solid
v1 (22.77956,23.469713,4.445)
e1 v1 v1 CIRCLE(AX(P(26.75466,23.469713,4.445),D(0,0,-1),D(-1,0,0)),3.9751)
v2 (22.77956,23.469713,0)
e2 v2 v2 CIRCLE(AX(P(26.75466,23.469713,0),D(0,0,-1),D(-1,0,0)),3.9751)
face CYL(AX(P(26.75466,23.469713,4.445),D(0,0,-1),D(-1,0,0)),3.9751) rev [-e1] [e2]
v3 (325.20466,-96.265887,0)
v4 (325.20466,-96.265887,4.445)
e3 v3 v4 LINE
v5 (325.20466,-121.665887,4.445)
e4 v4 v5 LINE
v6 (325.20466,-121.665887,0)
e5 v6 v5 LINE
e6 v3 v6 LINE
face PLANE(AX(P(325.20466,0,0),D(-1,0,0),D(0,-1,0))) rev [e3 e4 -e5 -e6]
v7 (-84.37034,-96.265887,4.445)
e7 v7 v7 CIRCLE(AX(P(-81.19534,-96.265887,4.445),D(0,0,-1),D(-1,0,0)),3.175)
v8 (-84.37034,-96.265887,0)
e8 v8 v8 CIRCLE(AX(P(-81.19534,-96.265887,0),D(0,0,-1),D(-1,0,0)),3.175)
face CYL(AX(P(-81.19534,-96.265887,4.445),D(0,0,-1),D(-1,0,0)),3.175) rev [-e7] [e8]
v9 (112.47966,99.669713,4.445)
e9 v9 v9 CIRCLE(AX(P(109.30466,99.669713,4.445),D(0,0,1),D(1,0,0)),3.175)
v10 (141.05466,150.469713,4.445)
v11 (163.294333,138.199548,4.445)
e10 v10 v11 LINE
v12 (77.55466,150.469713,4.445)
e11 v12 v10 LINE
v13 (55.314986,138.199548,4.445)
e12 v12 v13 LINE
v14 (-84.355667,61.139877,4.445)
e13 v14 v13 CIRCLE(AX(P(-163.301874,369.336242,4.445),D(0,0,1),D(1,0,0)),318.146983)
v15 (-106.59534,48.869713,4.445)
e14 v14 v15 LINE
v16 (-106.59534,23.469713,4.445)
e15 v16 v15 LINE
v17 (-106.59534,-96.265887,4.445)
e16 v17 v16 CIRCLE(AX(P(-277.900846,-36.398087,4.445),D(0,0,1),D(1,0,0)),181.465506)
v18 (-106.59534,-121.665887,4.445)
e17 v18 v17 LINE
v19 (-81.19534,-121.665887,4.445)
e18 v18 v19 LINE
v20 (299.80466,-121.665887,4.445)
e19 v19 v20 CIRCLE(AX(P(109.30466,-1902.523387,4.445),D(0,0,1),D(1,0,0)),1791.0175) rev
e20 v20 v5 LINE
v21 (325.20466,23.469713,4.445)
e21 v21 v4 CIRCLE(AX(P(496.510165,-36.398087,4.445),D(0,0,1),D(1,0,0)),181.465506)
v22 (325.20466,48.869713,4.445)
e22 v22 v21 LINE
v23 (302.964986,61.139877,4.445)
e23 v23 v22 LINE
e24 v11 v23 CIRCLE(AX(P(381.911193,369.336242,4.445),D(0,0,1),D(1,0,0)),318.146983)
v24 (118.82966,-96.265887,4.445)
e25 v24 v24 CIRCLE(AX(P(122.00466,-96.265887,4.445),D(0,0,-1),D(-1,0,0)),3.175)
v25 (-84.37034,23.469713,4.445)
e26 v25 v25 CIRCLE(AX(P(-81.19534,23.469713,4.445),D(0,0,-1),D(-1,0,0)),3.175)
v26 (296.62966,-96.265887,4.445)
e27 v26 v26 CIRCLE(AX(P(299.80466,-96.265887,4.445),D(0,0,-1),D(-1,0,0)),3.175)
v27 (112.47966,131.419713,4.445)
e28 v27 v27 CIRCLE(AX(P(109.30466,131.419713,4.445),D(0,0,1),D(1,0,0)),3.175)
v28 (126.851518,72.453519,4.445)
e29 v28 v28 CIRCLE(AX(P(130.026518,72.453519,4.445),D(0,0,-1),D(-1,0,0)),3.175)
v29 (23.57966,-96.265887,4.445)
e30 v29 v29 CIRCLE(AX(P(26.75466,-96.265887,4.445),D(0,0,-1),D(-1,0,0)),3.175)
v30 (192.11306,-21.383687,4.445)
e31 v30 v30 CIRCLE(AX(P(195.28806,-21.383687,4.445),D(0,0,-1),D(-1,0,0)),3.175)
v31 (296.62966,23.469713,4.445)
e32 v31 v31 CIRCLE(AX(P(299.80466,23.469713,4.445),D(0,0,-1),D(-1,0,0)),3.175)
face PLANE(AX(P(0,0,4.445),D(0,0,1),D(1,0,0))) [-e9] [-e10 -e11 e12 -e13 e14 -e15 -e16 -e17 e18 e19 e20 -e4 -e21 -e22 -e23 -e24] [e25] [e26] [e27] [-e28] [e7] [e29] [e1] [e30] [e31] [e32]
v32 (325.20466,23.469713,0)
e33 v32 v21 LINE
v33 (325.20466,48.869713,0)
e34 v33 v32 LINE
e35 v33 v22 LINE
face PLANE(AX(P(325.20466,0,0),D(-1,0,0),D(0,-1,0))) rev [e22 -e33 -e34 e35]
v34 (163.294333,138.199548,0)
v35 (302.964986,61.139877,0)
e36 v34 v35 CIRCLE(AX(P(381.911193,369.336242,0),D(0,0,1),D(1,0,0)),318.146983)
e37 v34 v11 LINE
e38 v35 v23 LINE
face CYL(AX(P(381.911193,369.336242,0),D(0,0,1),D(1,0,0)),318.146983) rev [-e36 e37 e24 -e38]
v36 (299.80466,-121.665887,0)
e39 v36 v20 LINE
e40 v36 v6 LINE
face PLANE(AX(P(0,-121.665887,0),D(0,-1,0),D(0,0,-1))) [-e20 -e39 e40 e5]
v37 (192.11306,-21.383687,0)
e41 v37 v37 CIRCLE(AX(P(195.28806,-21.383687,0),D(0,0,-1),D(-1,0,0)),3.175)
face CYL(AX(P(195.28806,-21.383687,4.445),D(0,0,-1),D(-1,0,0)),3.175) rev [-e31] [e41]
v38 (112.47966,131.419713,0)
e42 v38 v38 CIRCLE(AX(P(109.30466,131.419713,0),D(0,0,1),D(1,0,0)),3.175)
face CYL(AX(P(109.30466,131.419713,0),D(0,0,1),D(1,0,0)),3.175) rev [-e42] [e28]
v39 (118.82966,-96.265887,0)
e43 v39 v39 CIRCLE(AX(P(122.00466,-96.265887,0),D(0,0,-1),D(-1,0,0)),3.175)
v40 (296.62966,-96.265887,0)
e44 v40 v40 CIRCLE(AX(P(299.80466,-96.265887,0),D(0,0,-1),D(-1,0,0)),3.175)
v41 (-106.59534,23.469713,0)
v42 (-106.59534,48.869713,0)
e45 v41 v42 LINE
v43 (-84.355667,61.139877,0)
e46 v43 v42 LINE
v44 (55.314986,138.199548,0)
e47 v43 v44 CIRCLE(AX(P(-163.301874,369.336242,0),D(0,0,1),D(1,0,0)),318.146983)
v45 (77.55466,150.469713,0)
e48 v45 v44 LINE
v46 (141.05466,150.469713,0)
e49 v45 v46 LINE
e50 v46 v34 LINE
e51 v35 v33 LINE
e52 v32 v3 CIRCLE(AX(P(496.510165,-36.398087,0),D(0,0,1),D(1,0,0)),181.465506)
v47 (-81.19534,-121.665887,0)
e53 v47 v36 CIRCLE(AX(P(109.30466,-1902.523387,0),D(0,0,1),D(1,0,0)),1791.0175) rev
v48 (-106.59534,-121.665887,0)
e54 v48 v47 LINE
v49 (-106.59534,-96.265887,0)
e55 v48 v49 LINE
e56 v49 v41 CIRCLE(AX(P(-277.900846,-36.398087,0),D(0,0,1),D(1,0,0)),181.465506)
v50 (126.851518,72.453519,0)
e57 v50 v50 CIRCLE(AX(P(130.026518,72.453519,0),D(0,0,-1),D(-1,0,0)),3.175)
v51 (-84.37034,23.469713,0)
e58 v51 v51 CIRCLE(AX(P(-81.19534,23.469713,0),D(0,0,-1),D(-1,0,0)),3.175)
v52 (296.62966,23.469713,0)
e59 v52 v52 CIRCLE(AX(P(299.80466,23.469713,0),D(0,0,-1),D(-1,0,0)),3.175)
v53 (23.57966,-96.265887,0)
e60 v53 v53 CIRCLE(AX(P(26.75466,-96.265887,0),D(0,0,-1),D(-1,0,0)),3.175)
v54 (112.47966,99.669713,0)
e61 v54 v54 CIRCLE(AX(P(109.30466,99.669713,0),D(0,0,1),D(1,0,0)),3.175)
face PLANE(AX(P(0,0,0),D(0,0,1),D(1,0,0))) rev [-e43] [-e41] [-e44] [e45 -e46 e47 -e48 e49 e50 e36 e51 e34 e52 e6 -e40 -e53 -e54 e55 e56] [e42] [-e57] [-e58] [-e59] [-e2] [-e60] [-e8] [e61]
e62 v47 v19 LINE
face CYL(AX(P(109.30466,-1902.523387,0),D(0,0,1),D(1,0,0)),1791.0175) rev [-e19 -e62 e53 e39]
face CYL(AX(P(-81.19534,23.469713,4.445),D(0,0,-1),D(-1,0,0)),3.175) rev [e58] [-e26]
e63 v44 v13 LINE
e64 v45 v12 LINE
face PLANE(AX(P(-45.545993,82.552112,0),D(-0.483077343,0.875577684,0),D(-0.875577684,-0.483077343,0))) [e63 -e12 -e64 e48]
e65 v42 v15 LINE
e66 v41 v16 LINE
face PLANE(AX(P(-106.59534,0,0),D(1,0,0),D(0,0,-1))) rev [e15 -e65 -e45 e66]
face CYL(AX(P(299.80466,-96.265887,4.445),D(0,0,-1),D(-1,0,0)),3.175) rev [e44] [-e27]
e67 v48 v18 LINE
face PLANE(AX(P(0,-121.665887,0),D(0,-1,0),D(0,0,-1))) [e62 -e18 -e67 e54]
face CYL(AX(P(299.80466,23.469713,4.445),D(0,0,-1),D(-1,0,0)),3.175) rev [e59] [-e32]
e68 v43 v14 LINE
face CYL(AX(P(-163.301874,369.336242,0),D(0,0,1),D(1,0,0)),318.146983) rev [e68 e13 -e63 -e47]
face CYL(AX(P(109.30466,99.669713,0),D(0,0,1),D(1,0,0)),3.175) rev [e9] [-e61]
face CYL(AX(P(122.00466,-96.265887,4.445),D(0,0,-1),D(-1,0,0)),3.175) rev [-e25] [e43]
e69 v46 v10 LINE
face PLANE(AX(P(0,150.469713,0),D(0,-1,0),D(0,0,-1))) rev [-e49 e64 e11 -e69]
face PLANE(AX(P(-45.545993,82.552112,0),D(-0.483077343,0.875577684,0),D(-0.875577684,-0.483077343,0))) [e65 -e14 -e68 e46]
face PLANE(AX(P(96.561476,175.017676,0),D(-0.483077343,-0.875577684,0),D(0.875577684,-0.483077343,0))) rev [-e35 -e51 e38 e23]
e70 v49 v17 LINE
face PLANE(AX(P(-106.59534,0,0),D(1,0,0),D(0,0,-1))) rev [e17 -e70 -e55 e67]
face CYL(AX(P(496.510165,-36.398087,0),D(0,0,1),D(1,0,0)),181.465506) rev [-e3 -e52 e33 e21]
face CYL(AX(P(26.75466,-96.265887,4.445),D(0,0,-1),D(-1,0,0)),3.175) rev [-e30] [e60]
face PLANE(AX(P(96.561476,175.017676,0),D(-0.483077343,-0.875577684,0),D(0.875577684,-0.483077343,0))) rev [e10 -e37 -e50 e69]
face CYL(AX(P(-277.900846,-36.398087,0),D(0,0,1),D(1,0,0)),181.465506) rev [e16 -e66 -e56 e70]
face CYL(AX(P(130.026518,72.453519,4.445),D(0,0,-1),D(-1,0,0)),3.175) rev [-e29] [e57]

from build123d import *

# Parameters (mm, degrees)
SKETCH2_W           = 635
SKETCH2_H           = 635
BOSS_EXTRUDE3_DEPTH = 4.445
SKETCH3_R           = 3.175
SKETCH3_R_2         = 3.9751
CUT_EXTRUDE1_DEPTH  = 514.410627343
SKETCH5_W           = 635
SKETCH5_H           = 635
CUT_EXTRUDE2_DEPTH  = 514.410627343
CUT_EXTRUDE3_DEPTH  = 359.355916807
SKETCH10_R          = 3.175
CUT_EXTRUDE5_DEPTH  = 359.355916807


with BuildPart() as part:
    # Sketch2 → Boss-Extrude3 (new body)
    with BuildSketch(Plane.XY):
        with Locations((84.381748098, -1.971086)):
            Rectangle(SKETCH2_W, SKETCH2_H)
    extrude(amount=BOSS_EXTRUDE3_DEPTH)

    # Sketch3 → Cut-Extrude1 (cut, through all)
    with BuildSketch(Plane(origin=(0, 0, 0), x_dir=(-1, 0, 0), z_dir=(0, 0, -1))):
        with Locations((-130.02651813, 72.45351862)):
            Circle(SKETCH3_R)
        with Locations((-195.288059763, -21.383687133)):
            Circle(SKETCH3_R)
        with Locations((-122.004659563, -96.265887155)):
            Circle(SKETCH3_R)
        with Locations((-26.754659563, -96.265887155)):
            Circle(SKETCH3_R)
        with Locations((-26.754659563, 23.469712845)):
            Circle(SKETCH3_R_2)
        with Locations((81.195340437, -96.265887155)):
            Circle(SKETCH3_R)
        with Locations((-299.804659563, -96.265887155)):
            Circle(SKETCH3_R)
        with Locations((81.195340437, 23.469712845)):
            Circle(SKETCH3_R)
        with Locations((-299.804659563, 23.469712845)):
            Circle(SKETCH3_R)
    extrude(amount=-CUT_EXTRUDE1_DEPTH, mode=Mode.SUBTRACT)

    # Sketch5 → Cut-Extrude2 (cut, through all)
    with BuildSketch(Plane.XY.offset(4.445)):
        with Locations((84.381748098, -1.971086)):
            Rectangle(SKETCH5_W, SKETCH5_H)
        Polygon((-106.595340437, -121.665887155), (325.204659563, -121.665887155), (325.204659563, 48.869712845), (141.054659563, 150.469712845), (77.554659563, 150.469712845), (-106.595340437, 48.869712845), align=None, mode=Mode.SUBTRACT)
    extrude(amount=-CUT_EXTRUDE2_DEPTH, mode=Mode.SUBTRACT)

    # Sketch7 → Cut-Extrude3 (cut, through all)
    with BuildSketch(Plane.XY.offset(4.445)):
        with BuildLine():
            ThreePointArc((-106.595340437, -96.265887155), (-96.435340437, -36.398087155), (-106.595340437, 23.469712845))
            Line((-106.595340437, 23.469712845), (-106.595340437, -96.265887155))
        make_face()
        with BuildLine():
            ThreePointArc((299.804659563, -121.665887155), (109.304659563, -111.505887155), (-81.195340437, -121.665887155))
            Line((-81.195340437, -121.665887155), (299.804659563, -121.665887155))
        make_face()
        with BuildLine():
            ThreePointArc((325.204659563, 23.469712845), (315.044659563, -36.398087155), (325.204659563, -96.265887155))
            Line((325.204659563, -96.265887155), (325.204659563, 23.469712845))
        make_face()
        with BuildLine():
            Line((55.314986389, 138.199548335), (-84.355667262, 61.139877355))
            ThreePointArc((-84.355667262, 61.139877355), (-9.612274633, 90.773843575), (55.314986389, 138.199548335))
        make_face()
        with BuildLine():
            Line((302.964986389, 61.139877355), (163.294332738, 138.199548335))
            ThreePointArc((163.294332738, 138.199548335), (228.221593759, 90.773843575), (302.964986389, 61.139877355))
        make_face()
    extrude(amount=-CUT_EXTRUDE3_DEPTH, mode=Mode.SUBTRACT)

    # Sketch10 → Cut-Extrude5 (cut, through all)
    with BuildSketch(Plane.XY.offset(4.445)):
        with Locations((109.304659563, 131.419712845)):
            Circle(SKETCH10_R)
        with Locations((109.304659563, 99.669712845)):
            Circle(SKETCH10_R)
    extrude(amount=-CUT_EXTRUDE5_DEPTH, mode=Mode.SUBTRACT)


solid = part.part
